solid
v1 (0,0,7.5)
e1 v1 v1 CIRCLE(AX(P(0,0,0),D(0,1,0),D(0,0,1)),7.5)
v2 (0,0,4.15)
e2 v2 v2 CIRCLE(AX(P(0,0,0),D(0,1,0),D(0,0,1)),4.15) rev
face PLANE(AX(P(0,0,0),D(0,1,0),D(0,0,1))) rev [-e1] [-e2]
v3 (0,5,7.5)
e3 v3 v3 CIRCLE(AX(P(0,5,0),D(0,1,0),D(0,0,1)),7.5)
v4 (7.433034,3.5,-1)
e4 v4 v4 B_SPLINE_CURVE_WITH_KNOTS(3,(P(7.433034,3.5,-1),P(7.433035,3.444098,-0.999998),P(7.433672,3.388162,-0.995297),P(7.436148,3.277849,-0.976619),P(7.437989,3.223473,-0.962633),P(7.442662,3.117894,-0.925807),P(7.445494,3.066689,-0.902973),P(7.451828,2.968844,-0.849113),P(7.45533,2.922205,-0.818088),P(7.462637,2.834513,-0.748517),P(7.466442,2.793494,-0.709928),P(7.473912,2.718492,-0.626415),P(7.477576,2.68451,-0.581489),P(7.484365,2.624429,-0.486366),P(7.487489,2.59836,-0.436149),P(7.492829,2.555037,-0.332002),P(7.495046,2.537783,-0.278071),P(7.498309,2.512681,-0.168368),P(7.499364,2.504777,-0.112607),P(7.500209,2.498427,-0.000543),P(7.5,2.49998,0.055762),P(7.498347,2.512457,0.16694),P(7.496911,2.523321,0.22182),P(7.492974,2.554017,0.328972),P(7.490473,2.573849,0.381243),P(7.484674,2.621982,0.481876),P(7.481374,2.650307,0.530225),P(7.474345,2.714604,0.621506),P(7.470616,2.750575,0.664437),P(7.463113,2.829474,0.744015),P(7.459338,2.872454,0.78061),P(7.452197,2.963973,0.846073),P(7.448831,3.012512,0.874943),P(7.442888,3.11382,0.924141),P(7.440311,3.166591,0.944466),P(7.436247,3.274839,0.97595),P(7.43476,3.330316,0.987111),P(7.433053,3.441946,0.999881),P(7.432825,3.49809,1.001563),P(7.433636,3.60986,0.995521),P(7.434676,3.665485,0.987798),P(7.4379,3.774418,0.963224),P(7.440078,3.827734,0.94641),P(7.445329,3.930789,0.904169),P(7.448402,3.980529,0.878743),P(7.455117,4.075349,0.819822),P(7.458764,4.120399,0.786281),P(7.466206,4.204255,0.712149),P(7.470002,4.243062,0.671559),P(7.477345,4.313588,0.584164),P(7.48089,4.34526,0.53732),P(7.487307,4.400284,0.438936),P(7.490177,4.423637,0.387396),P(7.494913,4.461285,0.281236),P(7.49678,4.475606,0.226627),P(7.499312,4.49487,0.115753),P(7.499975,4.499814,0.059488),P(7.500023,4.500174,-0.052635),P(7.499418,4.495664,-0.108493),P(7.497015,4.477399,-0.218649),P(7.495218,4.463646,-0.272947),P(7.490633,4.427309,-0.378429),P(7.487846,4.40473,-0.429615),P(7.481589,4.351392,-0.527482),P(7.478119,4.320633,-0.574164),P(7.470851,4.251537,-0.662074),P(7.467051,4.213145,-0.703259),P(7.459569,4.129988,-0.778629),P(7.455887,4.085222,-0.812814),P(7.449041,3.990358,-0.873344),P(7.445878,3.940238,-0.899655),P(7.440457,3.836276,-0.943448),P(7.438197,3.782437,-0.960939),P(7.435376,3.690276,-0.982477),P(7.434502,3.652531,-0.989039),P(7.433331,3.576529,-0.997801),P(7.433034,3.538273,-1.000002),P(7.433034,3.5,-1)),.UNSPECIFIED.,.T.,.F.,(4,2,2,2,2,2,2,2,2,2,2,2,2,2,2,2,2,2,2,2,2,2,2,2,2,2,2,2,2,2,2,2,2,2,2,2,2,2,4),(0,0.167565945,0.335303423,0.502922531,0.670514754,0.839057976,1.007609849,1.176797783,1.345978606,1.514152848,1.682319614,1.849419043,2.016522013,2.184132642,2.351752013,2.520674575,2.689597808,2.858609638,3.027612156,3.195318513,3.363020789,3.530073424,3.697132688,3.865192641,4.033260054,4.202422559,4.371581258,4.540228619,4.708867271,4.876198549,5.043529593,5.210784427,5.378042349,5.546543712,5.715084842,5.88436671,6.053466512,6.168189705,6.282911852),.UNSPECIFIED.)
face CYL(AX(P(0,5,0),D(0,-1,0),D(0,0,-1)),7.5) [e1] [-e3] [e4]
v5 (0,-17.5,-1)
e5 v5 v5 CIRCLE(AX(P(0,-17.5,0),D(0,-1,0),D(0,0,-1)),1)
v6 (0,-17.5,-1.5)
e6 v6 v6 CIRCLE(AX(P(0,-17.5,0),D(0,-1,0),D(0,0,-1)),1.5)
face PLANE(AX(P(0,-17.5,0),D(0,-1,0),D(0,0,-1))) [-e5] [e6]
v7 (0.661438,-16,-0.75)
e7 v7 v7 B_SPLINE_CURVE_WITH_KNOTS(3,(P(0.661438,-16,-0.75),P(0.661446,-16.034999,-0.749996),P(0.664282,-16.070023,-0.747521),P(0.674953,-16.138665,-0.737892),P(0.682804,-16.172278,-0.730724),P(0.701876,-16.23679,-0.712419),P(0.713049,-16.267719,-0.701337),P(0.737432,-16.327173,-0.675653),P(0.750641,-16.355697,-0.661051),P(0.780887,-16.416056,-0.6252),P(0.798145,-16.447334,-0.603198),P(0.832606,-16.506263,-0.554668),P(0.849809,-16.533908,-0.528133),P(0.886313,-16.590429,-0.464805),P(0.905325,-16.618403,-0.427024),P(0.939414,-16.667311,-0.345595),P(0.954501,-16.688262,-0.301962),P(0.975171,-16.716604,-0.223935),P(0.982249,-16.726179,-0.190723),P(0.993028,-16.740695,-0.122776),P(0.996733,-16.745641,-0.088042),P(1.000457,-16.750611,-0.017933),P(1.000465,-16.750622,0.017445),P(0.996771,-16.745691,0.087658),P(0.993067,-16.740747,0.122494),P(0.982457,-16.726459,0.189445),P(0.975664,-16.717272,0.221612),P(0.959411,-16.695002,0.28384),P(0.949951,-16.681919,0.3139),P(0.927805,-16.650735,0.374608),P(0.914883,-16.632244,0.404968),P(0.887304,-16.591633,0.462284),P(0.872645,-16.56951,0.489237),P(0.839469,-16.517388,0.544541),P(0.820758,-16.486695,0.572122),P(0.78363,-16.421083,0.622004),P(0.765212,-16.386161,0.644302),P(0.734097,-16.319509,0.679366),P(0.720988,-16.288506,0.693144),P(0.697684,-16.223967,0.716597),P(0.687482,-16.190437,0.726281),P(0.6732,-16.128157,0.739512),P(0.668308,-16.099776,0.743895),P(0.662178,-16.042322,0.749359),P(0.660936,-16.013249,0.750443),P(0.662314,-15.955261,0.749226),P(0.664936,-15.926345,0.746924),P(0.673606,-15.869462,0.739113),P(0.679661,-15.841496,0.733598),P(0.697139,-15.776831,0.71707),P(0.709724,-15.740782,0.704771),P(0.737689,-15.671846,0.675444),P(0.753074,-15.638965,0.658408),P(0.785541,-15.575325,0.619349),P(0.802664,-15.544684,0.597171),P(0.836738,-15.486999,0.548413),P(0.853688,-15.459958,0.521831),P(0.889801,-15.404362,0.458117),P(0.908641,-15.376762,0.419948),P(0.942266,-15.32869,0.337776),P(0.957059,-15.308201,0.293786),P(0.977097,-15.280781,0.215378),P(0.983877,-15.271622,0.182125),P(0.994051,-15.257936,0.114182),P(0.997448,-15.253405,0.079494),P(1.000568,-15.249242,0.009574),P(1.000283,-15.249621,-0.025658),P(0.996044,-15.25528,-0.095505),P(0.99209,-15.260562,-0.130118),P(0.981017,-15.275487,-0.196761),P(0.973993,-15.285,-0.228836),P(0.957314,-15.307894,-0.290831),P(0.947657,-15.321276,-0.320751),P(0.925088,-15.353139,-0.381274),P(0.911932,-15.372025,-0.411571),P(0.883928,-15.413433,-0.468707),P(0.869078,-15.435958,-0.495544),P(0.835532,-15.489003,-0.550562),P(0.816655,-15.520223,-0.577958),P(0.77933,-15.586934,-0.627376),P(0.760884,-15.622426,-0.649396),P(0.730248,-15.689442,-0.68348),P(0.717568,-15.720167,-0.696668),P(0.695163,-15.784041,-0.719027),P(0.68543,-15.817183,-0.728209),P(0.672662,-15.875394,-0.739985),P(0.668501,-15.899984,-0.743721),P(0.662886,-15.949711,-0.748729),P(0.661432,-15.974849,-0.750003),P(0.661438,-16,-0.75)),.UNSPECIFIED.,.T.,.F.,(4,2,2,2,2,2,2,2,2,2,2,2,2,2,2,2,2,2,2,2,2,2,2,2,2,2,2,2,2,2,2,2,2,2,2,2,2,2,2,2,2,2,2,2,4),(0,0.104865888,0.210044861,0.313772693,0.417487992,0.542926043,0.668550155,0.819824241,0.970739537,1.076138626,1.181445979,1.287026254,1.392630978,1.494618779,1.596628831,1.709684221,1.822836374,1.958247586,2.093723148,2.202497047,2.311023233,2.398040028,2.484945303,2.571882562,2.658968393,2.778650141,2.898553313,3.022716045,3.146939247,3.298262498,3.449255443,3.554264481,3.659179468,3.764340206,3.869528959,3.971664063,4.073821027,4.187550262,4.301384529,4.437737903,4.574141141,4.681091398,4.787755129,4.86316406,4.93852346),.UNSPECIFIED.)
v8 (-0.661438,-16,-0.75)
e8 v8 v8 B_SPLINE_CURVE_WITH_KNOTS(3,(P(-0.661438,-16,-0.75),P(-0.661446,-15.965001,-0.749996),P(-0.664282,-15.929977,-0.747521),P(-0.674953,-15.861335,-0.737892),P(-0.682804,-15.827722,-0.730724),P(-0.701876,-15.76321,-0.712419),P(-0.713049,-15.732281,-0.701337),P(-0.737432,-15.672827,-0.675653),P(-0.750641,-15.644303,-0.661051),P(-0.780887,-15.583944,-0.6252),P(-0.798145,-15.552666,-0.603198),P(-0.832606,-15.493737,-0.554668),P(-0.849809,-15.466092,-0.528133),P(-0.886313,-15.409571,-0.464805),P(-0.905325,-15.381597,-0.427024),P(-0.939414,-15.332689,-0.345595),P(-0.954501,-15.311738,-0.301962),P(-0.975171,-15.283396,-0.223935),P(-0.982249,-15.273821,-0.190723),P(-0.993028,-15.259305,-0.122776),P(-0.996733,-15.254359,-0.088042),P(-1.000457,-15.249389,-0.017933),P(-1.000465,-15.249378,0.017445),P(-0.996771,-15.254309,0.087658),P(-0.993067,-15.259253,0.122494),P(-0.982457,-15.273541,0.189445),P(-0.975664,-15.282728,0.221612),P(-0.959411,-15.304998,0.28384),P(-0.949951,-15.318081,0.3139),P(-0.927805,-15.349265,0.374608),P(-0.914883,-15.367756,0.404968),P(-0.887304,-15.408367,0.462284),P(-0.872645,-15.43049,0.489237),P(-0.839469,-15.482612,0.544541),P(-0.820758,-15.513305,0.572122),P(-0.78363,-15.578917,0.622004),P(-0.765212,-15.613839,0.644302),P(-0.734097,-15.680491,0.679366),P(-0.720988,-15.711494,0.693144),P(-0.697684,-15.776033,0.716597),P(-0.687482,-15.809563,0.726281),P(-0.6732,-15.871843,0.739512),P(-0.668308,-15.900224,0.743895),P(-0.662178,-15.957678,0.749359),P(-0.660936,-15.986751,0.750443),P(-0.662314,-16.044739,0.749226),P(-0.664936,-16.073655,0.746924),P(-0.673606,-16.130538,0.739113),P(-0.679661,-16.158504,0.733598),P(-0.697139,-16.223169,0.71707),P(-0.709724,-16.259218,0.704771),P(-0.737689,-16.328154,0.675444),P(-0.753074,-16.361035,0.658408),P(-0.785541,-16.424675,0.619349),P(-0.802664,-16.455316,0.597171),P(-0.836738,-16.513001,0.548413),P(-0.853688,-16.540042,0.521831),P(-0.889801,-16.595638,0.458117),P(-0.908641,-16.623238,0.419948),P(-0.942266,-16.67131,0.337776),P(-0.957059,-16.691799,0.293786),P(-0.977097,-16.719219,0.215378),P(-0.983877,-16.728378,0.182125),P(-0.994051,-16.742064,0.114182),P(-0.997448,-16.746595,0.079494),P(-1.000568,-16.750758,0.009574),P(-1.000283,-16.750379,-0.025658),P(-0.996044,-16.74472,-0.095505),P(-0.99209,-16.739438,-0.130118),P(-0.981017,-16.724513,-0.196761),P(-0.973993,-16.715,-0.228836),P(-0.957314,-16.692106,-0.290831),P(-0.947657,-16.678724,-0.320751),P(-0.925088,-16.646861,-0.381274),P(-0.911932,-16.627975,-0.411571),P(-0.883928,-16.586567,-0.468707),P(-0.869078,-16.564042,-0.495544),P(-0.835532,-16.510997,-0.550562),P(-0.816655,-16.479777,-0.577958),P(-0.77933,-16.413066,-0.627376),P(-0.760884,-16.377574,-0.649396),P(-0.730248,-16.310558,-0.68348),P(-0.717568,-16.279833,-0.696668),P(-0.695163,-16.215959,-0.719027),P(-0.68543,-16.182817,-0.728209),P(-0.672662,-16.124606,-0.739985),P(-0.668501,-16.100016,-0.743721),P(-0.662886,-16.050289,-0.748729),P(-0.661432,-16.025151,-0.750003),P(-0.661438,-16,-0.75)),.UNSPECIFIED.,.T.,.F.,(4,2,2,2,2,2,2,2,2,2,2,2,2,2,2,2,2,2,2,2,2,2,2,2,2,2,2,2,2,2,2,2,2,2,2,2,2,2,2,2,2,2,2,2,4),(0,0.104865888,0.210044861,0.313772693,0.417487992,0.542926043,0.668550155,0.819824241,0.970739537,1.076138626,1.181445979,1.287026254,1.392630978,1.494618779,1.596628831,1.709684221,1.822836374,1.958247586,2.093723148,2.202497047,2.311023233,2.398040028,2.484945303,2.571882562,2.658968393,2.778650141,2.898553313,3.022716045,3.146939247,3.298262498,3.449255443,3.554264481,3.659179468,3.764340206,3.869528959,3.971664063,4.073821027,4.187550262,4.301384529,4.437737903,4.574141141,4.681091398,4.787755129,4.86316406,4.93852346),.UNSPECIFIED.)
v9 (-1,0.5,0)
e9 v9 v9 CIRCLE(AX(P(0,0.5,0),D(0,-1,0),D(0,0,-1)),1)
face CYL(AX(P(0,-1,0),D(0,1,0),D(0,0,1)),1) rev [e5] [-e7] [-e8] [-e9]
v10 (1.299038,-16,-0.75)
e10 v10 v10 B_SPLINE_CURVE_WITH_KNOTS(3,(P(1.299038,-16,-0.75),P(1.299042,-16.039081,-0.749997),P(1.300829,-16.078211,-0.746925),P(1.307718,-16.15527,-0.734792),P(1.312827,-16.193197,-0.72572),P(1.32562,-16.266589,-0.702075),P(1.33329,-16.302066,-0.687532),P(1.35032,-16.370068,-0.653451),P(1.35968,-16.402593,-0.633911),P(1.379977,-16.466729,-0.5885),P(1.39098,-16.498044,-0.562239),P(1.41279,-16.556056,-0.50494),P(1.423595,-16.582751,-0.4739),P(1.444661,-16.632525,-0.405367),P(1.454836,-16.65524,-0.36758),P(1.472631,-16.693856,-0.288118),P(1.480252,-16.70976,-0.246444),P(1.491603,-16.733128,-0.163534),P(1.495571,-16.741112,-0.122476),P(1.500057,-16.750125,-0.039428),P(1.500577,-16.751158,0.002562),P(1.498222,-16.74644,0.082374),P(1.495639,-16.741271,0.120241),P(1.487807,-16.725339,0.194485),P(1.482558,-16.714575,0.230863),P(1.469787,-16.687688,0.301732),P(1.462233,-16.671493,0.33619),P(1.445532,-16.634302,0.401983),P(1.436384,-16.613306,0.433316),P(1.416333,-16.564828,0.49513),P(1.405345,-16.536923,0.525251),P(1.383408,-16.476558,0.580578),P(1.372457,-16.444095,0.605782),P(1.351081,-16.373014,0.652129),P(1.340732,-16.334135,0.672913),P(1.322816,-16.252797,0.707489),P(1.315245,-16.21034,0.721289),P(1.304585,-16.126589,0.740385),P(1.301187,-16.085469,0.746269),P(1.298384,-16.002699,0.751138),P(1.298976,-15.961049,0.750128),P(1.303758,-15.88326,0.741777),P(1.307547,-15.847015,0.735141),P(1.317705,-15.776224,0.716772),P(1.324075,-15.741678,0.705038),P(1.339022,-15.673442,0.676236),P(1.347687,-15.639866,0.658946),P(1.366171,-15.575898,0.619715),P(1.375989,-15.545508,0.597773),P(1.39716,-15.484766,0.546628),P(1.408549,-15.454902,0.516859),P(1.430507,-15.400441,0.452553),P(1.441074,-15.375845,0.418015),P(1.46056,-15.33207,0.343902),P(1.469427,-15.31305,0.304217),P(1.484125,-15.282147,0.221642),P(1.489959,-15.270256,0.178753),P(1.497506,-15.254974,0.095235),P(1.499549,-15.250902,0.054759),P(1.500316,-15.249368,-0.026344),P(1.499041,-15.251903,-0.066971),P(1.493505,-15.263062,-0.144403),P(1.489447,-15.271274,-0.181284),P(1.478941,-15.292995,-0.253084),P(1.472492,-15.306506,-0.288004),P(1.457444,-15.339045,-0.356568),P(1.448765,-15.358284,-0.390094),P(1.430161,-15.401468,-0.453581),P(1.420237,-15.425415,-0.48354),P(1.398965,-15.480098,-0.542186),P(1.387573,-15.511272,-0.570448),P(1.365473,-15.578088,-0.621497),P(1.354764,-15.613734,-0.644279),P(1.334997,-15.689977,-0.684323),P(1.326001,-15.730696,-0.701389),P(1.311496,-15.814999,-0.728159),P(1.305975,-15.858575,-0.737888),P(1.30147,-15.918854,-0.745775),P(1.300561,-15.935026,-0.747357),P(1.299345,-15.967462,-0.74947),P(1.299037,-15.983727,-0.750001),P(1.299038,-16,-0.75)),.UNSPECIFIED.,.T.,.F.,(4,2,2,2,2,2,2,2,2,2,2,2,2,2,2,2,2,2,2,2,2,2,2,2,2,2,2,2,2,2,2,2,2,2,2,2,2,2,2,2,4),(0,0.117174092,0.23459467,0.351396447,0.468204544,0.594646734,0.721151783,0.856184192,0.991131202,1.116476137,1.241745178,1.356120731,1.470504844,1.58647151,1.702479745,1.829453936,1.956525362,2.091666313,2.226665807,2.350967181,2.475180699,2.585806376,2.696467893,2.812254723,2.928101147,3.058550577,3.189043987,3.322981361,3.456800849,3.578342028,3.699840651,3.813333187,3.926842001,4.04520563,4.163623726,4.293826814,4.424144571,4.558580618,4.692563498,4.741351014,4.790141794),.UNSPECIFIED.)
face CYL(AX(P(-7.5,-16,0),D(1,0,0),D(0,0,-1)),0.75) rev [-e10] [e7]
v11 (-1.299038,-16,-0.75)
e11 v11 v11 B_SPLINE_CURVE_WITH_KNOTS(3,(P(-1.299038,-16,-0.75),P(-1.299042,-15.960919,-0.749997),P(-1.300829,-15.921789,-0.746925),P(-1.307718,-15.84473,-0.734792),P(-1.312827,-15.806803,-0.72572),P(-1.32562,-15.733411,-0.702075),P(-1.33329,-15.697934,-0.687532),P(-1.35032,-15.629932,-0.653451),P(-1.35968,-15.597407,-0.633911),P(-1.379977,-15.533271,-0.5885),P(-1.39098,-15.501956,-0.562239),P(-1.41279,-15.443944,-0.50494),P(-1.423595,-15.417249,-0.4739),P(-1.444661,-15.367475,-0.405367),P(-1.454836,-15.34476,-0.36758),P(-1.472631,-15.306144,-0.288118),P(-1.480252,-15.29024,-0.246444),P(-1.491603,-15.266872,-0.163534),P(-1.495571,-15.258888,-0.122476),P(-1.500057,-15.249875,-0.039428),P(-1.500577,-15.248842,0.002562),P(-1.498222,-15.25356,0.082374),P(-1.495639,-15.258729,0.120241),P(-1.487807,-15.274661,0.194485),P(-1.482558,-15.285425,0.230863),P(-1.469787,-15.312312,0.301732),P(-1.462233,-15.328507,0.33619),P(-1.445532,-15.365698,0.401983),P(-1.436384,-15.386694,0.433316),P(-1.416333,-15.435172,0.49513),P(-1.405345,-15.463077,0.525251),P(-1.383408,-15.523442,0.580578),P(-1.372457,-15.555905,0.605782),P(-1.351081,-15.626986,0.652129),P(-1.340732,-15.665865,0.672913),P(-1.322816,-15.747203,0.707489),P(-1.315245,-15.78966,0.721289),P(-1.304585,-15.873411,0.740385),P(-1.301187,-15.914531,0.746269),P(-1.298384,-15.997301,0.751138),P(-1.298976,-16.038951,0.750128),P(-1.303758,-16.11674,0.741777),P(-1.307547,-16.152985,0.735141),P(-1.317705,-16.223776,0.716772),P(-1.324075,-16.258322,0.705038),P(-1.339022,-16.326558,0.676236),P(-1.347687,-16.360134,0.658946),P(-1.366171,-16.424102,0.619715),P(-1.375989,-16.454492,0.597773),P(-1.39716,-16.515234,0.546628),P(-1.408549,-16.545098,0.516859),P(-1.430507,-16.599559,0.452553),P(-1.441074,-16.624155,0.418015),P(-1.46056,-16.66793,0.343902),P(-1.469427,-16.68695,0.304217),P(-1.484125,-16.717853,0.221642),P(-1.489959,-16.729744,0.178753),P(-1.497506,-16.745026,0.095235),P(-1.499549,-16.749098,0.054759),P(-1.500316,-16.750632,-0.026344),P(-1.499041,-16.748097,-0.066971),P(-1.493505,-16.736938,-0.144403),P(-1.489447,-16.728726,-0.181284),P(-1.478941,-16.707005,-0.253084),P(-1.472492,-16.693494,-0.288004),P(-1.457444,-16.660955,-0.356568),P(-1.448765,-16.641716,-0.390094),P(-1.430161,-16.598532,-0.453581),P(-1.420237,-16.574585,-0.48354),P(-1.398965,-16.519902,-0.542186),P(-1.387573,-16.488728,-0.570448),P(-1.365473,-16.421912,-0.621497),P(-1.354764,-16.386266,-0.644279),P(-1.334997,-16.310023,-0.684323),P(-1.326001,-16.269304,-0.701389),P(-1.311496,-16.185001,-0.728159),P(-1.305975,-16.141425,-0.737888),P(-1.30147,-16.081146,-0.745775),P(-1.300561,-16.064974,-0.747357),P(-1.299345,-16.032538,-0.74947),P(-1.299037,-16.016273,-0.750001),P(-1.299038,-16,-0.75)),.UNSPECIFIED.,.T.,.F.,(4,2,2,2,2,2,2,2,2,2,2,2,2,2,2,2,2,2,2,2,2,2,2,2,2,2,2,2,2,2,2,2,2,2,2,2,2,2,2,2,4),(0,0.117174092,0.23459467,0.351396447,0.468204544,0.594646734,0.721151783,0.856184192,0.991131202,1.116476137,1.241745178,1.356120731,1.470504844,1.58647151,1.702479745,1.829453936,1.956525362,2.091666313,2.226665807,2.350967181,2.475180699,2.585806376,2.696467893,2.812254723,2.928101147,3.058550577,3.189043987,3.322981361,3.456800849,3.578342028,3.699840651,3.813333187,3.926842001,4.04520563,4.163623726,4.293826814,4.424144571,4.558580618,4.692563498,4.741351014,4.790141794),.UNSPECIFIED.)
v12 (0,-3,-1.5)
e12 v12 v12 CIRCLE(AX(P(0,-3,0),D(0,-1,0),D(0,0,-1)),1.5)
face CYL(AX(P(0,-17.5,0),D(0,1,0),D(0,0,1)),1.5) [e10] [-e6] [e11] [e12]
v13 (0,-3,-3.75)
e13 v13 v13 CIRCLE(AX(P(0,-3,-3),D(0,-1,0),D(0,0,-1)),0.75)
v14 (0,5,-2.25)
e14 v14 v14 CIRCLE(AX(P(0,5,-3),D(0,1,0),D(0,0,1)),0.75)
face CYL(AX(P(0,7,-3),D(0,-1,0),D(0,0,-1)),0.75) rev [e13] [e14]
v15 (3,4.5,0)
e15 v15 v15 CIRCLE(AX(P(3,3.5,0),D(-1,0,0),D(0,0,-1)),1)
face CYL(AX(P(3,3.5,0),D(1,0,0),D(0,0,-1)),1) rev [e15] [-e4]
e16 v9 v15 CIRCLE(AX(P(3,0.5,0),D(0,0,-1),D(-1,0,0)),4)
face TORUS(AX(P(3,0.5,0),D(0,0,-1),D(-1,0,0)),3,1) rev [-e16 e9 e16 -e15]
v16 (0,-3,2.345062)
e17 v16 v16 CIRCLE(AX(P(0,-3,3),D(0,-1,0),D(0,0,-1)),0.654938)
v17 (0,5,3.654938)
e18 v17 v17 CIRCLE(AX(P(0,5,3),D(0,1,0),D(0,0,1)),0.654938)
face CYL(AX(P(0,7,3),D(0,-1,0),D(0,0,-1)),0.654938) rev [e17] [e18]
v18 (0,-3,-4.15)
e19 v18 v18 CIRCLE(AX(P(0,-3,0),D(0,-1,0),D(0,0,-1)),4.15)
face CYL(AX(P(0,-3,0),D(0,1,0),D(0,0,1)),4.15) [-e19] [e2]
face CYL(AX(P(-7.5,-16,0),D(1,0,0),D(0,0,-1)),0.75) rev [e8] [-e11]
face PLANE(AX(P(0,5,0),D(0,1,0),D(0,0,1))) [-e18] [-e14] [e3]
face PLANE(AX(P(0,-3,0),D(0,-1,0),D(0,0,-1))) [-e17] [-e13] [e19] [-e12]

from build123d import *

# Parameters (mm, degrees)
SKETCH1_R           = 7.5
BOSS_EXTRUDE1_DEPTH = 5
SKETCH6_R           = 1
SKETCH12_R          = 4.15
BOSS_EXTRUDE2_DEPTH = 3
SKETCH13_R          = 1.5
BOSS_EXTRUDE3_DEPTH = 14.5
CUT_EXTRUDE5_REACH  = 24.5
SKETCH21_R          = 1
SKETCH22_R          = 0.75
CUT_EXTRUDE6_DEPTH  = 18.5000001
SKETCH23_R          = 0.654937639
SKETCH23_R_2        = 0.75
CUT_EXTRUDE7_DEPTH  = 10


with BuildPart() as part:
    # Sketch1 → Boss-Extrude1 (new body)
    with BuildSketch(Plane(origin=(0, 0, 0), x_dir=(1, 0, 0), z_dir=(0, 1, 0))):
        Circle(SKETCH1_R)
    extrude(amount=BOSS_EXTRUDE1_DEPTH)

    # Cut-Sweep2: sweep along a path in Sketch5
    with BuildLine(Plane.XY) as cut_sweep2_path:
        Line((0, 0), (0, 0.5))
        ThreePointArc((0, 0.5), (0.878679656, 2.621320344), (3, 3.5))
        Line((3, 3.5), (7.5, 3.5))
    # Sketch6 → Cut-Sweep2 (sweep, cut)
    with BuildSketch(Plane(origin=(0, 0, 0), x_dir=(-1, 0, 0), z_dir=(0, -1, 0))):
        Circle(SKETCH6_R)
    sweep(path=cut_sweep2_path.line, mode=Mode.SUBTRACT)

    # Sketch12 → Boss-Extrude2 (add)
    with BuildSketch(Plane(origin=(0, 0, 0), x_dir=(-1, 0, 0), z_dir=(0, -1, 0))):
        Circle(SKETCH12_R)
    extrude(amount=BOSS_EXTRUDE2_DEPTH)

    # Sketch13 → Boss-Extrude3 (add)
    with BuildSketch(Plane.XZ.offset(3)):
        Circle(SKETCH13_R)
    extrude(amount=BOSS_EXTRUDE3_DEPTH)

    # Sketch21 → Cut-Extrude5 (cut, up to next)
    with BuildSketch(Plane(origin=(0, -17.5, 0), x_dir=(-1, 0, 0), z_dir=(0, -1, 0)), mode=Mode.PRIVATE) as cut_extrude5_sk1:
        Circle(SKETCH21_R)
    cut_extrude5_tool1 = extrude(cut_extrude5_sk1.sketch, amount=-CUT_EXTRUDE5_REACH, mode=Mode.PRIVATE) & part.part
    add(cut_extrude5_tool1.solids().sort_by_distance((0, -17.5, 0))[0], mode=Mode.SUBTRACT)

    # Sketch22 → Cut-Extrude6 (cut, through all)
    with BuildSketch(Plane(origin=(10, 0, 0), x_dir=(0, 0, -1), z_dir=(1, 0, 0))):
        with Locations((0, -16)):
            Circle(SKETCH22_R)
    extrude(amount=-CUT_EXTRUDE6_DEPTH, mode=Mode.SUBTRACT)

    # Sketch23 → Cut-Extrude7 (cut)
    with BuildSketch(Plane.XZ.offset(3)):
        with Locations((0, 3)):
            Circle(SKETCH23_R)
        with Locations((0, -3)):
            Circle(SKETCH23_R_2)
    extrude(amount=-CUT_EXTRUDE7_DEPTH, mode=Mode.SUBTRACT)


solid = part.part
